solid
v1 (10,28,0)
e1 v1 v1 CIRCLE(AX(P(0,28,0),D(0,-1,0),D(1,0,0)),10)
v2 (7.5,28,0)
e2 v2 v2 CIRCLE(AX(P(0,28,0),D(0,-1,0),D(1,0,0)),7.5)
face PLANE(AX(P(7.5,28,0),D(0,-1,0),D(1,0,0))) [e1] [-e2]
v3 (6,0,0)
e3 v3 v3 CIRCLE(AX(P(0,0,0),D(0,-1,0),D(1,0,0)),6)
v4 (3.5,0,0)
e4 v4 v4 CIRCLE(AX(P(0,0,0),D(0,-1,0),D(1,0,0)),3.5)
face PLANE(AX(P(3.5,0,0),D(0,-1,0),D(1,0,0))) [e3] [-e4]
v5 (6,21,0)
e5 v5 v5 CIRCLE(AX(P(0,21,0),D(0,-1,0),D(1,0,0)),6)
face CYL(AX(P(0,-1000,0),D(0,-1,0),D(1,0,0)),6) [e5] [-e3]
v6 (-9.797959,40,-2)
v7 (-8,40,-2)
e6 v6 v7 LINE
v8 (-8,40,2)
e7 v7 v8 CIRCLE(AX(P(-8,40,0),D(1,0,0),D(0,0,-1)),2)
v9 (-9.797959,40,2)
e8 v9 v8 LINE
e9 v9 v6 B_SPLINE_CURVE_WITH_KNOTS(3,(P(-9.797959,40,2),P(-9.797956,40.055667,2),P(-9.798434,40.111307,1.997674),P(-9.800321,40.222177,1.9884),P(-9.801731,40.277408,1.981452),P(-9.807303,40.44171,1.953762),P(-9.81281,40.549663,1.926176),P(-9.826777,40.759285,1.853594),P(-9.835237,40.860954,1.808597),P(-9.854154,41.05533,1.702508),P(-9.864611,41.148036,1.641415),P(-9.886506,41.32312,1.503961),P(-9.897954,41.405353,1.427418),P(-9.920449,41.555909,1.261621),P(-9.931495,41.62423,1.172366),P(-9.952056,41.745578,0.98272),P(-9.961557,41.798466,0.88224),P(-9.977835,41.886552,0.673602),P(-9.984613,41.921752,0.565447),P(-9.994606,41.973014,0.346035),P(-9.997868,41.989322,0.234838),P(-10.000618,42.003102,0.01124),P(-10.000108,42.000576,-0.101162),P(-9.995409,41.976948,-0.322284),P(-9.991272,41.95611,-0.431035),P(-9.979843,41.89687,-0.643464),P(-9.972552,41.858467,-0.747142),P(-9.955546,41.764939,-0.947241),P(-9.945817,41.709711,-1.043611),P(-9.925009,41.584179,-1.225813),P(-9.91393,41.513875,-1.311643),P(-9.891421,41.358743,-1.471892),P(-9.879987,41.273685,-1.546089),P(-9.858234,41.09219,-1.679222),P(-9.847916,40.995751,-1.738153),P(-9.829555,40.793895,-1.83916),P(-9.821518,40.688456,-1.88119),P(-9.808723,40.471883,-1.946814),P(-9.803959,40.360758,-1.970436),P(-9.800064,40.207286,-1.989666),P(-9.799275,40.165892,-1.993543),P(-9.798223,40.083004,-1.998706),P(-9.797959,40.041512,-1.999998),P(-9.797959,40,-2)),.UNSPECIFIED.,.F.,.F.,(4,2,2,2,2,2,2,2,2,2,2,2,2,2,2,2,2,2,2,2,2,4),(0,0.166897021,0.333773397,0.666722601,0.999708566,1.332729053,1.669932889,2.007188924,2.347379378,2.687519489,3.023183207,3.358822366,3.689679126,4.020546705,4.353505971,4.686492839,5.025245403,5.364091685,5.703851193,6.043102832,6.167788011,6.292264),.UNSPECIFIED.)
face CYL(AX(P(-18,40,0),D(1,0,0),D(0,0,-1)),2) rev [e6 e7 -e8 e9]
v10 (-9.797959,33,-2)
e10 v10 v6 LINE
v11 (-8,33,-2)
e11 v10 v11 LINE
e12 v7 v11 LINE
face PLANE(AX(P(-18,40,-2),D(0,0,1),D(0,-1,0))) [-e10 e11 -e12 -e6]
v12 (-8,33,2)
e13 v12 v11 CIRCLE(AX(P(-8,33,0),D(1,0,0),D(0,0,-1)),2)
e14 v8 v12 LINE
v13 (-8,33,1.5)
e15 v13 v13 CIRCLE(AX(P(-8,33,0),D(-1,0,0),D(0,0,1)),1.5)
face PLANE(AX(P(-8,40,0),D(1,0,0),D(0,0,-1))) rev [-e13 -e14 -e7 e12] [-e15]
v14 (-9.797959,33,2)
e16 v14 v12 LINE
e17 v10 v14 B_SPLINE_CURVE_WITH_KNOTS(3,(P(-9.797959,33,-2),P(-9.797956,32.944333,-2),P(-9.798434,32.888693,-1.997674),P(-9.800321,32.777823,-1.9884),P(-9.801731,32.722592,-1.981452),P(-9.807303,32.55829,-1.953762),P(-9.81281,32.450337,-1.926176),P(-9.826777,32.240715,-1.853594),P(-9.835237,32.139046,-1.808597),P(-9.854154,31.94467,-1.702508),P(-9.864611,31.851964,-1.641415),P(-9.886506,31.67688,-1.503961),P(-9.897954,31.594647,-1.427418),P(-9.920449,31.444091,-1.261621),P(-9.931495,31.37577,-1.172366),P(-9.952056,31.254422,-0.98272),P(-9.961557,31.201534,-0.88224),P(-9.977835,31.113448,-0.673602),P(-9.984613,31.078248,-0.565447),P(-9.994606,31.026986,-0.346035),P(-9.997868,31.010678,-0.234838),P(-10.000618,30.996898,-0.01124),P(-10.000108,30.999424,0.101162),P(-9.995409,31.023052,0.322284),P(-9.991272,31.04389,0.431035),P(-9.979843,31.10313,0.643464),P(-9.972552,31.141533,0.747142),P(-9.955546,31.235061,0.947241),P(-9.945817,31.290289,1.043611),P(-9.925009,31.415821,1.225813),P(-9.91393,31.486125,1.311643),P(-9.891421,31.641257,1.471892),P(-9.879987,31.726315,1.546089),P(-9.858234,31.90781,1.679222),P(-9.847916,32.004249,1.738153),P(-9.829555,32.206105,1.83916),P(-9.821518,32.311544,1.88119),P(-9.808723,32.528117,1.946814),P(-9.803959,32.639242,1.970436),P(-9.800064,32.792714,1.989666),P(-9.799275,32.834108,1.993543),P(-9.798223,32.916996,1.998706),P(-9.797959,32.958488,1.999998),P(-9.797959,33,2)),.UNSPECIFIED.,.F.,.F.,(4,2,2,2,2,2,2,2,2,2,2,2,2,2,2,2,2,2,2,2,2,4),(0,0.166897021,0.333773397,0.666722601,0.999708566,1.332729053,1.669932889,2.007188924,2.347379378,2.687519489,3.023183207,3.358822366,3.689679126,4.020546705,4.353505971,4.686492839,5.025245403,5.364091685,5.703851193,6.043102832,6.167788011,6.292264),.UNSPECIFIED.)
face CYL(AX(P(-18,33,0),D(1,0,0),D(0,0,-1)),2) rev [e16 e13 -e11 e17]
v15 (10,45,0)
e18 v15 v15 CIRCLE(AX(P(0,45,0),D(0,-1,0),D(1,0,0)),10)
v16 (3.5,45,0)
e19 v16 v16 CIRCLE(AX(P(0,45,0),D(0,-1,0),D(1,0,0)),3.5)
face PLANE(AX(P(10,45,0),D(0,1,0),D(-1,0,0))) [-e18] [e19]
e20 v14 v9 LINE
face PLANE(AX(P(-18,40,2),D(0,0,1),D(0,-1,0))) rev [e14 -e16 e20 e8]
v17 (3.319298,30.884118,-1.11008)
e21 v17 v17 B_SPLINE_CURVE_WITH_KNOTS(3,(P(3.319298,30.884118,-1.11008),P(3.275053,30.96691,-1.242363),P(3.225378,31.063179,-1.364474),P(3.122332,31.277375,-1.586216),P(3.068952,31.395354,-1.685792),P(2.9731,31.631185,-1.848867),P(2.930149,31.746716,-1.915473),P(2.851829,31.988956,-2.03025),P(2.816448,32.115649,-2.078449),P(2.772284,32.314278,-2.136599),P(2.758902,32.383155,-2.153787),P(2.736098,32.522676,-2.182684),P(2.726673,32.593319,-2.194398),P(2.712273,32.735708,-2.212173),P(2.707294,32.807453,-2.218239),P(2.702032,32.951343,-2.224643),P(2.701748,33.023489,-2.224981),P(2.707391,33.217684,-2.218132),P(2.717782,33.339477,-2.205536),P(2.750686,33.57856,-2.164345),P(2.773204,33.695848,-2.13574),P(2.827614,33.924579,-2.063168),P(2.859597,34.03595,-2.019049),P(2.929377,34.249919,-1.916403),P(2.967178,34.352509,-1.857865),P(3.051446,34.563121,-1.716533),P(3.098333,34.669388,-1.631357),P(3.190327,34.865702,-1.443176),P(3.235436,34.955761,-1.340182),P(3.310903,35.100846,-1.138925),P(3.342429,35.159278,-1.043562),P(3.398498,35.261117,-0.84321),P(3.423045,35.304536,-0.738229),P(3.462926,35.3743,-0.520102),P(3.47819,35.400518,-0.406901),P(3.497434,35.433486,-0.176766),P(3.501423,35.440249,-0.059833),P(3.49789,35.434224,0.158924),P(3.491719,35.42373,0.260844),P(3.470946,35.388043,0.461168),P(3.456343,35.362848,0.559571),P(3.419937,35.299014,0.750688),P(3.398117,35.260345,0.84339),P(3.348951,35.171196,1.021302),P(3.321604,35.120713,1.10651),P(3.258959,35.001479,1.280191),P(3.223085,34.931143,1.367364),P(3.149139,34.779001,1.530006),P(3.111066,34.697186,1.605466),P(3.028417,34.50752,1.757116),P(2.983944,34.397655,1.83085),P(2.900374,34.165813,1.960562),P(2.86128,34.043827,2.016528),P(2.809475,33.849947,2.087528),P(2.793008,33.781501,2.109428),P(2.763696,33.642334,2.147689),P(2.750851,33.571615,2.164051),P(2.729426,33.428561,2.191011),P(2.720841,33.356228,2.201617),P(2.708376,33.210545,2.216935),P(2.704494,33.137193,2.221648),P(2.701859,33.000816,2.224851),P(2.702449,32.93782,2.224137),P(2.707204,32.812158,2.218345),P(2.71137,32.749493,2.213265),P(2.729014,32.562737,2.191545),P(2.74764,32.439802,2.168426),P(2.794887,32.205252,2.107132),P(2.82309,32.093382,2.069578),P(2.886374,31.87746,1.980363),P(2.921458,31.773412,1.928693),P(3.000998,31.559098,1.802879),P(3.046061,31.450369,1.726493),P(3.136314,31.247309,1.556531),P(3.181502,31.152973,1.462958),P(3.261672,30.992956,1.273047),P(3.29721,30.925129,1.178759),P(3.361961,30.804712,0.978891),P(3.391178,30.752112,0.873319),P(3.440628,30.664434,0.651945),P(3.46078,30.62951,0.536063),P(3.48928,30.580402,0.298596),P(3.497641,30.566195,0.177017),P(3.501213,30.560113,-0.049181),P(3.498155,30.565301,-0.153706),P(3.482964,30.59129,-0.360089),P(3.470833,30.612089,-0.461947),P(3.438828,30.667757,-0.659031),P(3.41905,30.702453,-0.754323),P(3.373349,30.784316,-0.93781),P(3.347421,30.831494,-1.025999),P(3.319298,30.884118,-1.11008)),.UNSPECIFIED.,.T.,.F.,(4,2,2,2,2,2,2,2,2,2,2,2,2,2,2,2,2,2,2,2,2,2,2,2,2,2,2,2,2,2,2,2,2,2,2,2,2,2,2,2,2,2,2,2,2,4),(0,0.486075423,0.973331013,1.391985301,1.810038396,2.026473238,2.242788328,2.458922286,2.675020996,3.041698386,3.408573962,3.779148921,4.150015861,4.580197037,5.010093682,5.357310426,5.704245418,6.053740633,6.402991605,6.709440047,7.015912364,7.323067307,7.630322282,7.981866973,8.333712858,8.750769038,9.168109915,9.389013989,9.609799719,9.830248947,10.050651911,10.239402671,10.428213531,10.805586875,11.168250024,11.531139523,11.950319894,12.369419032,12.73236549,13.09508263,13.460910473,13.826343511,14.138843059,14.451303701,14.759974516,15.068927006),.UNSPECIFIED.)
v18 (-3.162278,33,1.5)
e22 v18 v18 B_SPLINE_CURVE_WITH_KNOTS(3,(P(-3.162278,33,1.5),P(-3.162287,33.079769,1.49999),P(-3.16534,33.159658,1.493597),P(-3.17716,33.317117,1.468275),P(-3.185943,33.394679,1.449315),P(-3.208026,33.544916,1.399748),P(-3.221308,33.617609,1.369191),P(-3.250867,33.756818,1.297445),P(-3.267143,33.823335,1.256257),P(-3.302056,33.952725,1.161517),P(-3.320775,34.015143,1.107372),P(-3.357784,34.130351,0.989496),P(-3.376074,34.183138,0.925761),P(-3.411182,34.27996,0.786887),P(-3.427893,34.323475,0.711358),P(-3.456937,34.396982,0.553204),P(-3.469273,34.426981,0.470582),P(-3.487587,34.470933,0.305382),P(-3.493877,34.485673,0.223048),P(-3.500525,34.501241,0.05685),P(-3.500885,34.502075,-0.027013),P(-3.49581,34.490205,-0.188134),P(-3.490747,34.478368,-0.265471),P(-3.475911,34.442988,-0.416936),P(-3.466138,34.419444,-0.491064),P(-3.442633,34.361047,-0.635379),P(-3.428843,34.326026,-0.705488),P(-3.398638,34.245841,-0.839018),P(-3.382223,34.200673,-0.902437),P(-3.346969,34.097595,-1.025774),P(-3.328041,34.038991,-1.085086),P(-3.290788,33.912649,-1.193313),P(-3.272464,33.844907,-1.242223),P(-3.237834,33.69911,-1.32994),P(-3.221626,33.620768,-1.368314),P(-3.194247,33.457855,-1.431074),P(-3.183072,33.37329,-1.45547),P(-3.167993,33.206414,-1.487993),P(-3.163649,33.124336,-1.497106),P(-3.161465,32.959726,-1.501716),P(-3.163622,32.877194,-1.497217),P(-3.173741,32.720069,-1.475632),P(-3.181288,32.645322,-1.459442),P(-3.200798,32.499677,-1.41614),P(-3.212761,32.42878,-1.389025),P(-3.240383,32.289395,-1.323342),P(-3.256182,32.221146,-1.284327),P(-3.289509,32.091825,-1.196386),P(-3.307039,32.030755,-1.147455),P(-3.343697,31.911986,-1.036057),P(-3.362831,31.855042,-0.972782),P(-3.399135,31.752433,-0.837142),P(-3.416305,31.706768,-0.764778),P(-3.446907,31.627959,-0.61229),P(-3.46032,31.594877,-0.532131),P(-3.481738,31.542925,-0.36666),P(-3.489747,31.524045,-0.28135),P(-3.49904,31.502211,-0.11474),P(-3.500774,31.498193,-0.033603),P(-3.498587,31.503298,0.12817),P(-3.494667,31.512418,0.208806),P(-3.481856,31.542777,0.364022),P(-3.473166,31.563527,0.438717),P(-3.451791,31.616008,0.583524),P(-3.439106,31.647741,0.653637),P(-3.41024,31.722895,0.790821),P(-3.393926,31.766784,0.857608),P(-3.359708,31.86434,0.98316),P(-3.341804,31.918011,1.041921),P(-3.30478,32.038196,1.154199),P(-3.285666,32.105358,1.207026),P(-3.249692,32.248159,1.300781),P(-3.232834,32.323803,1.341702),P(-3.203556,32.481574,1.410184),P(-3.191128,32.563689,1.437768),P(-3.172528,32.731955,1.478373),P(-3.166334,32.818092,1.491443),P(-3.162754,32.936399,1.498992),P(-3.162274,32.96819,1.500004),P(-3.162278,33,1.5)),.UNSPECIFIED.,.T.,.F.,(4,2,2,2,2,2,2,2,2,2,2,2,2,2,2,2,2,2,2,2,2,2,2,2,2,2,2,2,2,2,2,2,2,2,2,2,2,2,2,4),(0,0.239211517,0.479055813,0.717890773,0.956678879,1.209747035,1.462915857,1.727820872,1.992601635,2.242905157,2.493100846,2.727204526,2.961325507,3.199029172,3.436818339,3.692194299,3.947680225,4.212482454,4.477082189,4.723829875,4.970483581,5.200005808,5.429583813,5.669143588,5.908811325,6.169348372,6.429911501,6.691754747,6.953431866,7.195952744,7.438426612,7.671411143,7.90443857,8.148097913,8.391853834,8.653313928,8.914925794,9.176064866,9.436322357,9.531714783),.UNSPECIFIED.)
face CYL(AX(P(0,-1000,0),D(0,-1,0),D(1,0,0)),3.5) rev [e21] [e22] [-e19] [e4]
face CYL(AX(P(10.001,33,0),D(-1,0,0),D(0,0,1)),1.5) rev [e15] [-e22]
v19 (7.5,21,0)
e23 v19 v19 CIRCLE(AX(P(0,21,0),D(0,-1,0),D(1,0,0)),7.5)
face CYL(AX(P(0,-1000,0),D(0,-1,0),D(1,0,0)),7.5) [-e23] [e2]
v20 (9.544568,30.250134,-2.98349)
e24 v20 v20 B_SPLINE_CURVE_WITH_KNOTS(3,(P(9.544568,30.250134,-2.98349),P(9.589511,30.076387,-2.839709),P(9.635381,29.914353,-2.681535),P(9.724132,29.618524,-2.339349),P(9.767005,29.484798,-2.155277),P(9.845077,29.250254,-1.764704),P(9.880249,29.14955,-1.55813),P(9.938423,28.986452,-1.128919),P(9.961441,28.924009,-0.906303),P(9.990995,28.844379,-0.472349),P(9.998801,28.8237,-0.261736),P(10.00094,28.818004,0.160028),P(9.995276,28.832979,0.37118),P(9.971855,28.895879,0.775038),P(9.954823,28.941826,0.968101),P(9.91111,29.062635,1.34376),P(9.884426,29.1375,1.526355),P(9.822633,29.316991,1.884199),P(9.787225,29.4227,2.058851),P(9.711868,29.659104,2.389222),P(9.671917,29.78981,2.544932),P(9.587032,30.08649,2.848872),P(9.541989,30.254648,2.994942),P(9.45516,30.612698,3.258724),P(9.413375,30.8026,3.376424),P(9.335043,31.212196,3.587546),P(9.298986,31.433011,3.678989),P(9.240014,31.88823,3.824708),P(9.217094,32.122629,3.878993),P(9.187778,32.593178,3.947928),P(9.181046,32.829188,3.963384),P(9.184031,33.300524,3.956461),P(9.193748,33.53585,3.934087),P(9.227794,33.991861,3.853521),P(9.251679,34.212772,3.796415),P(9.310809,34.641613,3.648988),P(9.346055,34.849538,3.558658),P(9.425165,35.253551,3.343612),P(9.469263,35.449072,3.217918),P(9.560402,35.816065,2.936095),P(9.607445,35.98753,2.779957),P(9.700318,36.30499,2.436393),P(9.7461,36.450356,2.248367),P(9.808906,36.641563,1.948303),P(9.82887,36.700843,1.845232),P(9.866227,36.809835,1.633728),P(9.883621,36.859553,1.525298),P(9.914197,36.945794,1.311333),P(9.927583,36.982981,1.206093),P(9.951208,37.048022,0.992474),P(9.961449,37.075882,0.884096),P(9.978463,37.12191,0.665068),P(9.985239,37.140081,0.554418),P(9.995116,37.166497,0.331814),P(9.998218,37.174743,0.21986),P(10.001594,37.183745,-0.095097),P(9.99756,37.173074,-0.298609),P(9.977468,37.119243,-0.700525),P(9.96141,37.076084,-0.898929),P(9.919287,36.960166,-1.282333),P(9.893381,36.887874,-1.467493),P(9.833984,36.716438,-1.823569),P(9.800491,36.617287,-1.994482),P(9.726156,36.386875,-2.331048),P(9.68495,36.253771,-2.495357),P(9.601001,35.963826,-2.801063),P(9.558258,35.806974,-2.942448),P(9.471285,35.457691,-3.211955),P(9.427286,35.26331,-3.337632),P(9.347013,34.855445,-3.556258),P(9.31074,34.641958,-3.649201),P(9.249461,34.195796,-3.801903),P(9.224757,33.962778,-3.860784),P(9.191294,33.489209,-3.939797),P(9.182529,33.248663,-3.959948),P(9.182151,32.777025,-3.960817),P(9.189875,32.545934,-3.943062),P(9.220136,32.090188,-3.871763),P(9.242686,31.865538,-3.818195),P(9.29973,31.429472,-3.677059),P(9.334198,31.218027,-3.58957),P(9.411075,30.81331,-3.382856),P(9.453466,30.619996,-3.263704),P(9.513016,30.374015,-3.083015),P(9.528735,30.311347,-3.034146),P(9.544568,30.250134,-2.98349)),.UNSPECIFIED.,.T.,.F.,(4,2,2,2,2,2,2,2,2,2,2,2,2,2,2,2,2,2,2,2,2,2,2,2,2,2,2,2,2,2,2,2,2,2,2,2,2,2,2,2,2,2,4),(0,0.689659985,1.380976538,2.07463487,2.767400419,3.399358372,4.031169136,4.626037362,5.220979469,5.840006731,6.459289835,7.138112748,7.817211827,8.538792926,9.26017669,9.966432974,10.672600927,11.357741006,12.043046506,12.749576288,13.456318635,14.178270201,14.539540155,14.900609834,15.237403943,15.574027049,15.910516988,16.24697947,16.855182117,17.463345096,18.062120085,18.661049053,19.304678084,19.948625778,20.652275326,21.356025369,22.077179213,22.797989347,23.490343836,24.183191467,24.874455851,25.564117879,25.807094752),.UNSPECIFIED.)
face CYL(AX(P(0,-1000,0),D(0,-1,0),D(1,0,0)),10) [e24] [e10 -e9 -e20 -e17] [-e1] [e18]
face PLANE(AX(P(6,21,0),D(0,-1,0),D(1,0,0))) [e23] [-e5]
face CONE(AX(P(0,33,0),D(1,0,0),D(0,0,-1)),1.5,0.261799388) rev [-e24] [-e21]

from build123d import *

# Parameters (mm, degrees)
CUT_EXTRUDE2_START      = -8
CUT_EXTRUDE2_DEPTH      = 10
CUT_EXTRUDE3_REACH      = 51.487
CUT_EXTRUDE3_END_RADIUS = 3.5
SKETCH3_R               = 1.5
SKETCH4_R               = 1.5
CUT_EXTRUDE5_DEPTH      = 10
CUT_EXTRUDE5_DRAFT      = -15


with BuildPart() as part:
    # Sketch1 → Revolve1 (revolve)
    with BuildSketch(Plane.XY):
        Polygon((3.5, 0), (6, 0), (6, 21), (7.5, 21), (7.5, 28), (10, 28), (10, 45), (3.5, 45), align=None)
    revolve(axis=Axis((0, -1000, 0), (0, 1, 0)))

    # Sketch2 → Cut-Extrude2 (cut)
    with BuildSketch(Plane(origin=(0, 0, 0), x_dir=(0, 0, -1), z_dir=(1, 0, 0)).offset(CUT_EXTRUDE2_START)):
        with BuildLine():
            Line((2, 40), (2, 33))
            ThreePointArc((2, 33), (0, 31), (-2, 33))
            Line((-2, 33), (-2, 40))
            ThreePointArc((-2, 40), (0, 42), (2, 40))
        make_face()
    extrude(amount=-CUT_EXTRUDE2_DEPTH, mode=Mode.SUBTRACT)

    # Cut-Extrude3: up to this cylinder (the profile starts outside it)
    cut_extrude3_end = Plane(origin=(0, 33, 0), z_dir=(0, -1, 0)) * Cylinder(CUT_EXTRUDE3_END_RADIUS, 110.974, mode=Mode.PRIVATE)
    # Sketch3 → Cut-Extrude3 (cut, up to the surface)
    with BuildSketch(Plane.ZY.offset(8), mode=Mode.PRIVATE) as cut_extrude3_sk1:
        with Locations((0, 33)):
            Circle(SKETCH3_R)
    cut_extrude3_tool1 = extrude(cut_extrude3_sk1.sketch, amount=-CUT_EXTRUDE3_REACH, mode=Mode.PRIVATE) - cut_extrude3_end
    add(cut_extrude3_tool1.solids().sort_by_distance((-8, 33, 0))[0], mode=Mode.SUBTRACT)


with BuildPart() as cut_extrude5_tool:
    # Sketch4 → Cut-Extrude5 (with draft: the straight prism first)
    with BuildSketch(Plane(origin=(0, 0, 0), x_dir=(0, 0, -1), z_dir=(1, 0, 0))):
        with Locations(Location((0, 33, 0), (0, 0, 180))):
            Circle(SKETCH4_R)
    extrude(amount=CUT_EXTRUDE5_DEPTH)
    # Cut-Extrude5: the draft: its side faces are tilted about the plane it starts from
    cut_extrude5_sides = [cut_extrude5_tool.faces().sort_by_distance(p)[0] for p in [
        (5, 33, -1.5),
    ]]
    draft(cut_extrude5_sides, Plane(origin=(0, 0, 0), x_dir=(0, 0, -1), z_dir=(1, 0, 0)), CUT_EXTRUDE5_DRAFT)


with BuildPart() as part_1:
    add(part.part)

    # Cut-Extrude5: cut by cut_extrude5_tool
    add(cut_extrude5_tool.part, mode=Mode.SUBTRACT)


solid = part_1.part
